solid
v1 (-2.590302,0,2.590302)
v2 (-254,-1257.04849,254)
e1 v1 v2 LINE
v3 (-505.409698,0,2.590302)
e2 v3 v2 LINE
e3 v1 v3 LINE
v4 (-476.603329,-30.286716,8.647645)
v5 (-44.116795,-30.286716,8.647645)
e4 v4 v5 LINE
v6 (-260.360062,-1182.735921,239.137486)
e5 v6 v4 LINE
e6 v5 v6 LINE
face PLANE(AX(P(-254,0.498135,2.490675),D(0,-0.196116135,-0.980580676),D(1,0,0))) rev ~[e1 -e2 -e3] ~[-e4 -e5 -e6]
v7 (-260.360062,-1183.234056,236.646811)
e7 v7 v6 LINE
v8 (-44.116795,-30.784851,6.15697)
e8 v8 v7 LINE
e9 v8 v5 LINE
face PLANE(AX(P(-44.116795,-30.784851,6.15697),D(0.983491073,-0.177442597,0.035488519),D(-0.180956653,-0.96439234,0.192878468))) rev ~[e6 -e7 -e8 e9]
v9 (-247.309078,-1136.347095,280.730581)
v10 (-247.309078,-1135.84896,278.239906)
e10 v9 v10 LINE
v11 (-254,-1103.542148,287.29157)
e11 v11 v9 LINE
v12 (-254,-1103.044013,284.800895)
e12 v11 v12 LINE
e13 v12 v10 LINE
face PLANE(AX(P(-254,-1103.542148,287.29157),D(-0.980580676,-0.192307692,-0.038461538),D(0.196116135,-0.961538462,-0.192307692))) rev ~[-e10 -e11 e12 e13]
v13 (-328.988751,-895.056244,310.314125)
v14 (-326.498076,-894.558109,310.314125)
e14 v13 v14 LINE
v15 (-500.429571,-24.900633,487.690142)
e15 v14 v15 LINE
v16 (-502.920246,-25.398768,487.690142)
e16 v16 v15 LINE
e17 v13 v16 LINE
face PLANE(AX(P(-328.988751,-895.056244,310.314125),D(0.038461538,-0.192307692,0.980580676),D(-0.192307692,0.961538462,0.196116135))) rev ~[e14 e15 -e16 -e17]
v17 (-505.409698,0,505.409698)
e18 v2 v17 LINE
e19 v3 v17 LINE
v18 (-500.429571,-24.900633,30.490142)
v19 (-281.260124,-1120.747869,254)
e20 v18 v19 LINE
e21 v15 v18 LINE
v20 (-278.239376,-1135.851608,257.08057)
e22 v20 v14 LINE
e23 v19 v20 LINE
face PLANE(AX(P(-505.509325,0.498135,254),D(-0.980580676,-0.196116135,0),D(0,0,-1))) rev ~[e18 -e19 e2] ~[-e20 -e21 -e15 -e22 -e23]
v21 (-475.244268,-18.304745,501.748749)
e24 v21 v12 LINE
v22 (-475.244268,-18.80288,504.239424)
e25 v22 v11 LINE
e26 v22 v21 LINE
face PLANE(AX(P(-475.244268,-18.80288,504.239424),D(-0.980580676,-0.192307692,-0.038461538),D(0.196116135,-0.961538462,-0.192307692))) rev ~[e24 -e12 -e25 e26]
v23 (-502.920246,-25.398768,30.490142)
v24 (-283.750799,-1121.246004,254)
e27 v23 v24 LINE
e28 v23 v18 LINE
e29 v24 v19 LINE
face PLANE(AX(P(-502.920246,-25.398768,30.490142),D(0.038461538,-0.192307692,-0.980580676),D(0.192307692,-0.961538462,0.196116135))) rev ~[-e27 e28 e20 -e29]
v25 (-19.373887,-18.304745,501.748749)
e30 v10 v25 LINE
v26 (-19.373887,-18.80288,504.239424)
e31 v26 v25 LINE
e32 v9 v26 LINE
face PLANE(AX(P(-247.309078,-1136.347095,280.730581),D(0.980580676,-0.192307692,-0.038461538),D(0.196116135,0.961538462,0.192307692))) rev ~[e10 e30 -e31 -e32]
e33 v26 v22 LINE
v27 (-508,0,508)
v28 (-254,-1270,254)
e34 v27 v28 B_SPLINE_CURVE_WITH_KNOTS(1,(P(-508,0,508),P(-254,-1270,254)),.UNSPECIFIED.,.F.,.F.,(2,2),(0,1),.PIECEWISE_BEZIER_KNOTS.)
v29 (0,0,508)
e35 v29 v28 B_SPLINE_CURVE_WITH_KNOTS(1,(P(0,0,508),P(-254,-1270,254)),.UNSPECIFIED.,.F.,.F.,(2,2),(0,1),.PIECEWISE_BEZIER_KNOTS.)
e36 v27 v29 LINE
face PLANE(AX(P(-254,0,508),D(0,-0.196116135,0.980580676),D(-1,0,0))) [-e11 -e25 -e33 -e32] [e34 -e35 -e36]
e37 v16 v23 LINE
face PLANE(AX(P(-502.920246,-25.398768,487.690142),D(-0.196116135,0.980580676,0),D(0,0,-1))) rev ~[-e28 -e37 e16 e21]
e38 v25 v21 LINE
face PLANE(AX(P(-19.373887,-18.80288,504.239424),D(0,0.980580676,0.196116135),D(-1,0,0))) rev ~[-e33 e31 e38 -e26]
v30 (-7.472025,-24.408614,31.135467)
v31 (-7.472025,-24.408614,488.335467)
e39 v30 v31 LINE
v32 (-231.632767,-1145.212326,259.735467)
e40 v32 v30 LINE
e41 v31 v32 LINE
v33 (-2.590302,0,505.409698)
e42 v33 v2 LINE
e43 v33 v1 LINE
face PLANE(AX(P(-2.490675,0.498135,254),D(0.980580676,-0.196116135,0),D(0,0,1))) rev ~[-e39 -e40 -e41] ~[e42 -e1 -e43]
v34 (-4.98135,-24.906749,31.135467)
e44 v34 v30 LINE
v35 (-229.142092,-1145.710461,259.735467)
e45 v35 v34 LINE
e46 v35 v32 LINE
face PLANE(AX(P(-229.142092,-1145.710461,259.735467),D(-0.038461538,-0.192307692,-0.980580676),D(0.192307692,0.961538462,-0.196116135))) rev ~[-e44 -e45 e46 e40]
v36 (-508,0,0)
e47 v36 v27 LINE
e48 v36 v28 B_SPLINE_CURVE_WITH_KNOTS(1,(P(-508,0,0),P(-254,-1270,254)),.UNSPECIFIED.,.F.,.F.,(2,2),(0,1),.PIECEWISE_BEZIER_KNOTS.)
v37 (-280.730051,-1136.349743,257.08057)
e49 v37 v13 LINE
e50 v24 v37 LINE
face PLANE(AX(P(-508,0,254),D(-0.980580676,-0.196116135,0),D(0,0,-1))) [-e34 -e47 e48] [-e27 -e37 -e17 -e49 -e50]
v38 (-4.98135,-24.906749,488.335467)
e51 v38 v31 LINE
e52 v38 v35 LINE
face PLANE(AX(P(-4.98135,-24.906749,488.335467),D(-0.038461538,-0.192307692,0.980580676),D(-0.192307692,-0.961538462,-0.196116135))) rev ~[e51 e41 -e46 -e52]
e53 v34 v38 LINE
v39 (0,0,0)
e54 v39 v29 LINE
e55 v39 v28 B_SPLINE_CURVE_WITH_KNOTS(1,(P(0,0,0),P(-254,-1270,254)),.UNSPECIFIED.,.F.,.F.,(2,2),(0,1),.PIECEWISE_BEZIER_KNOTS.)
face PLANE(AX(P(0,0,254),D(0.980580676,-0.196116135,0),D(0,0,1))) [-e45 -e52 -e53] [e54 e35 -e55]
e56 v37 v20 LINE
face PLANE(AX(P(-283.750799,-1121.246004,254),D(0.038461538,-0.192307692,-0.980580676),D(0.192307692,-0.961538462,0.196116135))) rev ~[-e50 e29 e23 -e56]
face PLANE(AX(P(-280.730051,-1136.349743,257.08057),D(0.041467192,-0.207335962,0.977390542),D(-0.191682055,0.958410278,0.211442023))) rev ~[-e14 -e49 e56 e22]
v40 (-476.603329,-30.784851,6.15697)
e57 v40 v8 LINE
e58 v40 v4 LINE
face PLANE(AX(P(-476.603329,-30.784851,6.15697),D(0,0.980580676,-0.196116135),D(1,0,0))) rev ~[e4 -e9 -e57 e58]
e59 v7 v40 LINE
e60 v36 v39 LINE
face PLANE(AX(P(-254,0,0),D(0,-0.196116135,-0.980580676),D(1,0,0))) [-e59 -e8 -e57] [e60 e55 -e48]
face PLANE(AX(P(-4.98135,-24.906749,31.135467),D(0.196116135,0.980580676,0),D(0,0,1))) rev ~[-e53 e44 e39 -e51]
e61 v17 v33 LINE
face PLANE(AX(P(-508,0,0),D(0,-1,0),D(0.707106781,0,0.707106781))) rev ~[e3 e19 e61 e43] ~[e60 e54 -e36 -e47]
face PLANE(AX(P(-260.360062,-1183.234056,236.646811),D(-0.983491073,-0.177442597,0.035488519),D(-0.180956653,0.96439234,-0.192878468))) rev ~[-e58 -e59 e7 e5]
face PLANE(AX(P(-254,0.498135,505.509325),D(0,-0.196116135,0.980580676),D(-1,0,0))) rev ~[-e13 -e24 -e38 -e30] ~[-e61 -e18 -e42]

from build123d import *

# Parameters (mm, degrees)
F0_W      = 508
F0_H      = 508
F4_T      = -2.54
F7_DEPTH  = 25.4
F10_DEPTH = 25.4
F13_DEPTH = 25.4
F16_DEPTH = 25.4


with BuildPart() as f3:
    # F0 (on Front) → F3 section 0
    with BuildSketch(Plane.XZ, mode=Mode.PRIVATE) as f3_s0:
        with Locations((-254, 254)):
            Rectangle(F0_W, F0_H)
    loft([f3_s0.sketch, Vertex(-254, -1270, 254)])

    # F4
    f4_openings = [f3.faces().sort_by_distance(p)[0] for p in [
        (-254, 0, 254),
    ]]
    offset(amount=F4_T, openings=f4_openings)

    # F6 (on offset) → F7 (cut)
    with BuildSketch(Plane(origin=(0, 0, 0), x_dir=(0.1961161351, 0.9805806757, 0), z_dir=(0.9805806757, -0.1961161351, 0))):
        Polygon((-25.4, 31.1354669124), (-25.4, 488.3354669124), (-1168.4, 259.7354669124), align=None)
    extrude(amount=-F7_DEPTH, mode=Mode.SUBTRACT)

    # F9 (on offset) → F10 (cut)
    with BuildSketch(Plane(origin=(-488.4615384615, -97.6923076923, 0), x_dir=(0.1961161351, -0.9805806757, 0), z_dir=(-0.9805806757, -0.1961161351, 0))):
        Polygon((813.1548545488, 310.3141247361), (-73.7252337318, 487.6901423922), (-73.7252337318, 254), (1043.8240543072, 254), (1059.226906247, 257.080570388), align=None)
        Polygon((1043.8240543072, 254), (-73.7252337318, 254), (-73.7252337318, 30.4901423922), align=None)
    extrude(amount=-F10_DEPTH, mode=Mode.SUBTRACT)

    # F12 (on offset) → F13 (cut)
    with BuildSketch(Plane(origin=(0, -97.6923076923, 488.4615384615), x_dir=(1, 0, 0), z_dir=(0, -0.1961161351, 0.9805806757))):
        Polygon((-247.3090775045, -1059.2242055456), (-19.3738871979, 80.4517459869), (-254, 80.4517459869), (-254, -1025.7695930679), align=None)
        Polygon((-254, 80.4517459869), (-475.244267811, 80.4517459869), (-254, -1025.7695930679), align=None)
    extrude(amount=-F13_DEPTH, mode=Mode.SUBTRACT)

    # F15 (on offset) → F16 (cut)
    with BuildSketch(Plane(origin=(0, 0, 0), x_dir=(1, 0, 0), z_dir=(0, -0.1961161351, -0.9805806757))):
        Polygon((-44.116795063, 31.3945114613), (-260.3600621223, 1206.6667079926), (-476.6033291817, 31.3945114613), align=None)
    extrude(amount=-F16_DEPTH, mode=Mode.SUBTRACT)


solid = f3.part
